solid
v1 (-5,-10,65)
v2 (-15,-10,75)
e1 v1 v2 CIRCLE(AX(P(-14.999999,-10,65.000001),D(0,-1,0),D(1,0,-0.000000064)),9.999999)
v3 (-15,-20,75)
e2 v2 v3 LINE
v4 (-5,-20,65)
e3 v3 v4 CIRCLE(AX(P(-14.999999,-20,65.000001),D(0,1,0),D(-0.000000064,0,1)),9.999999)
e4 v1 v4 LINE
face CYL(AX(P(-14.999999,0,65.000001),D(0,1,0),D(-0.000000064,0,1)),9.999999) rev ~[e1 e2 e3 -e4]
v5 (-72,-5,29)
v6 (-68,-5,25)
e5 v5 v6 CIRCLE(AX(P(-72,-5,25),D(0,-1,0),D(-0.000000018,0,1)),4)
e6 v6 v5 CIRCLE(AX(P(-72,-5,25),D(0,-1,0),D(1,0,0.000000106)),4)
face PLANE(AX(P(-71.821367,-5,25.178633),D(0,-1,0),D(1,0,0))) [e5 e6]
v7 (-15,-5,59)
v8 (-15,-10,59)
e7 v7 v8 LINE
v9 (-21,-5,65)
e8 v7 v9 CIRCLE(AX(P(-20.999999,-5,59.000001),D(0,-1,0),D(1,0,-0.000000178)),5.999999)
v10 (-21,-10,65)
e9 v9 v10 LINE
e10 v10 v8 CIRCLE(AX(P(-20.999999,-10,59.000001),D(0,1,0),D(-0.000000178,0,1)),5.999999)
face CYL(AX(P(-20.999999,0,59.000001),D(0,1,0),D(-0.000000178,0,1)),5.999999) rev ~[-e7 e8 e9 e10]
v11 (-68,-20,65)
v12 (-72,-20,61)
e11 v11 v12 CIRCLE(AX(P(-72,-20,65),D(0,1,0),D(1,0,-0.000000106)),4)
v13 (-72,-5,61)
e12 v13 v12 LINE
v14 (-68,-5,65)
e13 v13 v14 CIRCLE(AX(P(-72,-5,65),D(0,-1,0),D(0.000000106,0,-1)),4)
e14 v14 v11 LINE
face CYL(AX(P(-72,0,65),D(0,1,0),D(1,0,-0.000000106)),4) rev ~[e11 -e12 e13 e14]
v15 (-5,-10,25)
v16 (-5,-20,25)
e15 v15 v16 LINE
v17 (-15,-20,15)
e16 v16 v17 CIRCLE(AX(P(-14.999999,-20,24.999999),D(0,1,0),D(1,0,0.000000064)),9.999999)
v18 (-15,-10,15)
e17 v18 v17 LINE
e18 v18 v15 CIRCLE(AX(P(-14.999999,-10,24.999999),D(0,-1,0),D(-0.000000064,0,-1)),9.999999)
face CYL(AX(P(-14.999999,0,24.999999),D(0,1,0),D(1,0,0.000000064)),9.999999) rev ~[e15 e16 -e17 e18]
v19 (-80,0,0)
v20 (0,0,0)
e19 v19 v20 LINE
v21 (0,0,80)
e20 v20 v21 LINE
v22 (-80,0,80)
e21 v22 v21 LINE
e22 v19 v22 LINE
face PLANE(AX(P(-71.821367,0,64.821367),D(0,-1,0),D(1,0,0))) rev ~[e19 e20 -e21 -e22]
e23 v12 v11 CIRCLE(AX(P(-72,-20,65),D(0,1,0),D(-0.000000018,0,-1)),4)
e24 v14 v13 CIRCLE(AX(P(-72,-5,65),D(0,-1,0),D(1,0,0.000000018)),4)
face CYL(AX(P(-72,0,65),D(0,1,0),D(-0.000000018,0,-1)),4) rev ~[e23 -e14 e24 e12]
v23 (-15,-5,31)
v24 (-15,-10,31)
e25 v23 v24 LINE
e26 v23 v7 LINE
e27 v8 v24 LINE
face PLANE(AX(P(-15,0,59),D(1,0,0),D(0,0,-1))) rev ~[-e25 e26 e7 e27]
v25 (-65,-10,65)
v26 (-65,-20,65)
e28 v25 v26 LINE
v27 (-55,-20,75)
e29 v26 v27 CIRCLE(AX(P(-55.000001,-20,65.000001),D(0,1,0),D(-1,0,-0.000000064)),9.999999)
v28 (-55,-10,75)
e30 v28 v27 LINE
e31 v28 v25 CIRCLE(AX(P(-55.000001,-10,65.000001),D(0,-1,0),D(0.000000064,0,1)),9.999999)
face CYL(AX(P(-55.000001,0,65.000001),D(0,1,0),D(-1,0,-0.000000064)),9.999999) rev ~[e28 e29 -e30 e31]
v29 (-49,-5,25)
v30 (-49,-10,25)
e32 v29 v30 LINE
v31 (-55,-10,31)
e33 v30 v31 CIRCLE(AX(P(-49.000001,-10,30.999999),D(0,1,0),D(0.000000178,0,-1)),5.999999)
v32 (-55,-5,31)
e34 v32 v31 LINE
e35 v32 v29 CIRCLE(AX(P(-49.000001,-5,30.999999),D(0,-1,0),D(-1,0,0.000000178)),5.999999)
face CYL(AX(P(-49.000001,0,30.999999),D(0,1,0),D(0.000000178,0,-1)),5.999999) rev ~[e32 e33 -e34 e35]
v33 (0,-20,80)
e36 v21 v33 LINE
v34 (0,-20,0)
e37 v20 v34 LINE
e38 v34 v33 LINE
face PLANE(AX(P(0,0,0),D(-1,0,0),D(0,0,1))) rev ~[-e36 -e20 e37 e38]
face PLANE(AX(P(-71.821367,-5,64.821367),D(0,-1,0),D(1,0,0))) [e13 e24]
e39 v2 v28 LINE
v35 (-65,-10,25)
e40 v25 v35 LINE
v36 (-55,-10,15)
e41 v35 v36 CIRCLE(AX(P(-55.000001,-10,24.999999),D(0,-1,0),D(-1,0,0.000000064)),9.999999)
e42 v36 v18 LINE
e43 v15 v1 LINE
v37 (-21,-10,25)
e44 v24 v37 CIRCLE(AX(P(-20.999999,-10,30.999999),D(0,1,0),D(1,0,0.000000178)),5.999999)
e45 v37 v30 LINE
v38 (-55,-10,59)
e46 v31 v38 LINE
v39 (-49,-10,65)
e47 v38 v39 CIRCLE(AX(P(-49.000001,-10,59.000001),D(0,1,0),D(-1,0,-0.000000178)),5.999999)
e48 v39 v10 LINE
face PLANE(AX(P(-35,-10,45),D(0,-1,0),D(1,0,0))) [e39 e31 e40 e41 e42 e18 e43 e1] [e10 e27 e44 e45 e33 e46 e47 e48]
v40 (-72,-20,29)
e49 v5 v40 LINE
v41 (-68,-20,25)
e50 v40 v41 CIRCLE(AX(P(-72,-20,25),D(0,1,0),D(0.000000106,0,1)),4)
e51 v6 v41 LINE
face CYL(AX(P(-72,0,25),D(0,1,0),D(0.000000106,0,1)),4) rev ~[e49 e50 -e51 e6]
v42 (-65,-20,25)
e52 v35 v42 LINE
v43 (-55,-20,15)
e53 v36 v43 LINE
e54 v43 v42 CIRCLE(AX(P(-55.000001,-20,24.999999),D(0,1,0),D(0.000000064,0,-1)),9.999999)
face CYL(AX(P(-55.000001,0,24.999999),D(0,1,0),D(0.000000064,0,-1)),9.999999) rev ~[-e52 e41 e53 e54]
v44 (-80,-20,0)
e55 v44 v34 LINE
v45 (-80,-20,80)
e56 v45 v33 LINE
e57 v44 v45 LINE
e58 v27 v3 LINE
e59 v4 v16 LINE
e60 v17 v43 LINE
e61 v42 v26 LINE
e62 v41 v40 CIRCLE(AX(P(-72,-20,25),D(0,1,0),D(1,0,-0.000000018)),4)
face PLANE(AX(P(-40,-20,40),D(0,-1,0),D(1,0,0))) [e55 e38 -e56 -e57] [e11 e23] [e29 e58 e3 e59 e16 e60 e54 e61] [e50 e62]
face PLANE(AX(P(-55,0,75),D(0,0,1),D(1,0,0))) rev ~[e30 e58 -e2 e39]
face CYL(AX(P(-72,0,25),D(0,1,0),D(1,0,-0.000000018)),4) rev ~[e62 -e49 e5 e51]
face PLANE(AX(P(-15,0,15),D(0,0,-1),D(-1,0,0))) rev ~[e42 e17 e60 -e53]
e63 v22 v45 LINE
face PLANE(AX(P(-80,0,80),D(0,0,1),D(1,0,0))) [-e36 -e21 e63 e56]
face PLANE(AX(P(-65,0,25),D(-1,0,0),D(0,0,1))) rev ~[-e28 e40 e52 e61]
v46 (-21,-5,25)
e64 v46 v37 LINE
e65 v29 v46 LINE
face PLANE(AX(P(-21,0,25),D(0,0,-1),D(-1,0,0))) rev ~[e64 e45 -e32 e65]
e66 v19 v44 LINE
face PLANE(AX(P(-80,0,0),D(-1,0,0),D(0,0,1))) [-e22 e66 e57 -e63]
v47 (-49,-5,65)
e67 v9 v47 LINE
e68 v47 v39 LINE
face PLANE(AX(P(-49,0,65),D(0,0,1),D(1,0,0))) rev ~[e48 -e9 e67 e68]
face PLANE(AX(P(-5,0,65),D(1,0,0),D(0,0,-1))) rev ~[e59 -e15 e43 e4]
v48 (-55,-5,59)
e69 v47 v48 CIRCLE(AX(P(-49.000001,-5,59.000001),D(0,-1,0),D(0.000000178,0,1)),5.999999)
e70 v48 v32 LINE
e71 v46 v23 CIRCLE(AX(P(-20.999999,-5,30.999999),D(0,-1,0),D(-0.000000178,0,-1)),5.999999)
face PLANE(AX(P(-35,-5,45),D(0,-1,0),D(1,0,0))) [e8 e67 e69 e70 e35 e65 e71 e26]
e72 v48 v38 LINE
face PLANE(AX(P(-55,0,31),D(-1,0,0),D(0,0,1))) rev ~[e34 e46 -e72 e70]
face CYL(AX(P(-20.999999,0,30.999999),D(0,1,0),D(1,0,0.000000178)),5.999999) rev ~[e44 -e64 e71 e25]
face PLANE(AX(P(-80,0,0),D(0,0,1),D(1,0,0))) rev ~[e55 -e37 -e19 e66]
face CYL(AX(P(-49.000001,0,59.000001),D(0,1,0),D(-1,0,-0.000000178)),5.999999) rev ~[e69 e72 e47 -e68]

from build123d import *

# Parameters (mm, degrees)
F1_DEPTH = 5
F2_DEPTH = 10
F0_W     = 80
F0_H     = 80
F3_DEPTH = 20
F4_DEPTH = 5


with BuildPart() as f1:
    # F0 (on Front) → F1 (new body)
    with BuildSketch(Plane.XZ):
        with BuildLine():
            Line((-21, 65), (-49, 65))
            ThreePointArc((-49, 65), (-53.242641, 63.242641), (-55, 59))
            Line((-55, 59), (-55, 31))
            ThreePointArc((-55, 31), (-53.242641, 26.757359), (-49, 25))
            Line((-49, 25), (-21, 25))
            ThreePointArc((-21, 25), (-16.757359, 26.757359), (-15, 31))
            Line((-15, 31), (-15, 59))
            ThreePointArc((-15, 59), (-16.757359, 63.242641), (-21, 65))
        make_face()
    extrude(amount=F1_DEPTH)

    # F0 (on Front) → F2 (join)
    with BuildSketch(Plane.XZ):
        with BuildLine():
            Line((-15, 75), (-55, 75))
            ThreePointArc((-55, 75), (-62.071068, 72.071068), (-65, 65))
            Line((-65, 65), (-65, 25))
            ThreePointArc((-65, 25), (-62.071068, 17.928932), (-55, 15))
            Line((-55, 15), (-15, 15))
            ThreePointArc((-15, 15), (-7.928932, 17.928932), (-5, 25))
            Line((-5, 25), (-5, 65))
            ThreePointArc((-5, 65), (-7.928932, 72.071068), (-15, 75))
        make_face()
        with BuildLine():
            ThreePointArc((-55, 59), (-53.242641, 63.242641), (-49, 65))
            Line((-49, 65), (-21, 65))
            ThreePointArc((-21, 65), (-16.757359, 63.242641), (-15, 59))
            Line((-15, 59), (-15, 31))
            ThreePointArc((-15, 31), (-16.757359, 26.757359), (-21, 25))
            Line((-21, 25), (-49, 25))
            ThreePointArc((-49, 25), (-53.242641, 26.757359), (-55, 31))
            Line((-55, 31), (-55, 59))
        make_face(mode=Mode.SUBTRACT)
    extrude(amount=F2_DEPTH)

    # F0 (on Front) → F3 (join)
    with BuildSketch(Plane.XZ):
        with Locations((-40, 40)):
            Rectangle(F0_W, F0_H)
        with BuildLine():
            ThreePointArc((-68, 25), (-74.828427, 22.171573), (-72, 29))
            ThreePointArc((-72, 29), (-69.171573, 27.828427), (-68, 25))
        make_face(mode=Mode.SUBTRACT)
        with BuildLine():
            ThreePointArc((-72, 61), (-74.828427, 67.828427), (-68, 65))
            ThreePointArc((-68, 65), (-69.171573, 62.171573), (-72, 61))
        make_face(mode=Mode.SUBTRACT)
        with BuildLine():
            ThreePointArc((-65, 65), (-62.071068, 72.071068), (-55, 75))
            Line((-55, 75), (-15, 75))
            ThreePointArc((-15, 75), (-7.928932, 72.071068), (-5, 65))
            Line((-5, 65), (-5, 25))
            ThreePointArc((-5, 25), (-7.928932, 17.928932), (-15, 15))
            Line((-15, 15), (-55, 15))
            ThreePointArc((-55, 15), (-62.071068, 17.928932), (-65, 25))
            Line((-65, 25), (-65, 65))
        make_face(mode=Mode.SUBTRACT)
    extrude(amount=F3_DEPTH)

    # F0 (on Front) → F4 (join)
    with BuildSketch(Plane.XZ):
        with BuildLine():
            ThreePointArc((-72, 61), (-69.171573, 62.171573), (-68, 65))
            ThreePointArc((-68, 65), (-74.828427, 67.828427), (-72, 61))
        make_face()
        with BuildLine():
            ThreePointArc((-68, 25), (-69.171573, 27.828427), (-72, 29))
            ThreePointArc((-72, 29), (-74.828427, 22.171573), (-68, 25))
        make_face()
    extrude(amount=F4_DEPTH)


solid = f1.part
